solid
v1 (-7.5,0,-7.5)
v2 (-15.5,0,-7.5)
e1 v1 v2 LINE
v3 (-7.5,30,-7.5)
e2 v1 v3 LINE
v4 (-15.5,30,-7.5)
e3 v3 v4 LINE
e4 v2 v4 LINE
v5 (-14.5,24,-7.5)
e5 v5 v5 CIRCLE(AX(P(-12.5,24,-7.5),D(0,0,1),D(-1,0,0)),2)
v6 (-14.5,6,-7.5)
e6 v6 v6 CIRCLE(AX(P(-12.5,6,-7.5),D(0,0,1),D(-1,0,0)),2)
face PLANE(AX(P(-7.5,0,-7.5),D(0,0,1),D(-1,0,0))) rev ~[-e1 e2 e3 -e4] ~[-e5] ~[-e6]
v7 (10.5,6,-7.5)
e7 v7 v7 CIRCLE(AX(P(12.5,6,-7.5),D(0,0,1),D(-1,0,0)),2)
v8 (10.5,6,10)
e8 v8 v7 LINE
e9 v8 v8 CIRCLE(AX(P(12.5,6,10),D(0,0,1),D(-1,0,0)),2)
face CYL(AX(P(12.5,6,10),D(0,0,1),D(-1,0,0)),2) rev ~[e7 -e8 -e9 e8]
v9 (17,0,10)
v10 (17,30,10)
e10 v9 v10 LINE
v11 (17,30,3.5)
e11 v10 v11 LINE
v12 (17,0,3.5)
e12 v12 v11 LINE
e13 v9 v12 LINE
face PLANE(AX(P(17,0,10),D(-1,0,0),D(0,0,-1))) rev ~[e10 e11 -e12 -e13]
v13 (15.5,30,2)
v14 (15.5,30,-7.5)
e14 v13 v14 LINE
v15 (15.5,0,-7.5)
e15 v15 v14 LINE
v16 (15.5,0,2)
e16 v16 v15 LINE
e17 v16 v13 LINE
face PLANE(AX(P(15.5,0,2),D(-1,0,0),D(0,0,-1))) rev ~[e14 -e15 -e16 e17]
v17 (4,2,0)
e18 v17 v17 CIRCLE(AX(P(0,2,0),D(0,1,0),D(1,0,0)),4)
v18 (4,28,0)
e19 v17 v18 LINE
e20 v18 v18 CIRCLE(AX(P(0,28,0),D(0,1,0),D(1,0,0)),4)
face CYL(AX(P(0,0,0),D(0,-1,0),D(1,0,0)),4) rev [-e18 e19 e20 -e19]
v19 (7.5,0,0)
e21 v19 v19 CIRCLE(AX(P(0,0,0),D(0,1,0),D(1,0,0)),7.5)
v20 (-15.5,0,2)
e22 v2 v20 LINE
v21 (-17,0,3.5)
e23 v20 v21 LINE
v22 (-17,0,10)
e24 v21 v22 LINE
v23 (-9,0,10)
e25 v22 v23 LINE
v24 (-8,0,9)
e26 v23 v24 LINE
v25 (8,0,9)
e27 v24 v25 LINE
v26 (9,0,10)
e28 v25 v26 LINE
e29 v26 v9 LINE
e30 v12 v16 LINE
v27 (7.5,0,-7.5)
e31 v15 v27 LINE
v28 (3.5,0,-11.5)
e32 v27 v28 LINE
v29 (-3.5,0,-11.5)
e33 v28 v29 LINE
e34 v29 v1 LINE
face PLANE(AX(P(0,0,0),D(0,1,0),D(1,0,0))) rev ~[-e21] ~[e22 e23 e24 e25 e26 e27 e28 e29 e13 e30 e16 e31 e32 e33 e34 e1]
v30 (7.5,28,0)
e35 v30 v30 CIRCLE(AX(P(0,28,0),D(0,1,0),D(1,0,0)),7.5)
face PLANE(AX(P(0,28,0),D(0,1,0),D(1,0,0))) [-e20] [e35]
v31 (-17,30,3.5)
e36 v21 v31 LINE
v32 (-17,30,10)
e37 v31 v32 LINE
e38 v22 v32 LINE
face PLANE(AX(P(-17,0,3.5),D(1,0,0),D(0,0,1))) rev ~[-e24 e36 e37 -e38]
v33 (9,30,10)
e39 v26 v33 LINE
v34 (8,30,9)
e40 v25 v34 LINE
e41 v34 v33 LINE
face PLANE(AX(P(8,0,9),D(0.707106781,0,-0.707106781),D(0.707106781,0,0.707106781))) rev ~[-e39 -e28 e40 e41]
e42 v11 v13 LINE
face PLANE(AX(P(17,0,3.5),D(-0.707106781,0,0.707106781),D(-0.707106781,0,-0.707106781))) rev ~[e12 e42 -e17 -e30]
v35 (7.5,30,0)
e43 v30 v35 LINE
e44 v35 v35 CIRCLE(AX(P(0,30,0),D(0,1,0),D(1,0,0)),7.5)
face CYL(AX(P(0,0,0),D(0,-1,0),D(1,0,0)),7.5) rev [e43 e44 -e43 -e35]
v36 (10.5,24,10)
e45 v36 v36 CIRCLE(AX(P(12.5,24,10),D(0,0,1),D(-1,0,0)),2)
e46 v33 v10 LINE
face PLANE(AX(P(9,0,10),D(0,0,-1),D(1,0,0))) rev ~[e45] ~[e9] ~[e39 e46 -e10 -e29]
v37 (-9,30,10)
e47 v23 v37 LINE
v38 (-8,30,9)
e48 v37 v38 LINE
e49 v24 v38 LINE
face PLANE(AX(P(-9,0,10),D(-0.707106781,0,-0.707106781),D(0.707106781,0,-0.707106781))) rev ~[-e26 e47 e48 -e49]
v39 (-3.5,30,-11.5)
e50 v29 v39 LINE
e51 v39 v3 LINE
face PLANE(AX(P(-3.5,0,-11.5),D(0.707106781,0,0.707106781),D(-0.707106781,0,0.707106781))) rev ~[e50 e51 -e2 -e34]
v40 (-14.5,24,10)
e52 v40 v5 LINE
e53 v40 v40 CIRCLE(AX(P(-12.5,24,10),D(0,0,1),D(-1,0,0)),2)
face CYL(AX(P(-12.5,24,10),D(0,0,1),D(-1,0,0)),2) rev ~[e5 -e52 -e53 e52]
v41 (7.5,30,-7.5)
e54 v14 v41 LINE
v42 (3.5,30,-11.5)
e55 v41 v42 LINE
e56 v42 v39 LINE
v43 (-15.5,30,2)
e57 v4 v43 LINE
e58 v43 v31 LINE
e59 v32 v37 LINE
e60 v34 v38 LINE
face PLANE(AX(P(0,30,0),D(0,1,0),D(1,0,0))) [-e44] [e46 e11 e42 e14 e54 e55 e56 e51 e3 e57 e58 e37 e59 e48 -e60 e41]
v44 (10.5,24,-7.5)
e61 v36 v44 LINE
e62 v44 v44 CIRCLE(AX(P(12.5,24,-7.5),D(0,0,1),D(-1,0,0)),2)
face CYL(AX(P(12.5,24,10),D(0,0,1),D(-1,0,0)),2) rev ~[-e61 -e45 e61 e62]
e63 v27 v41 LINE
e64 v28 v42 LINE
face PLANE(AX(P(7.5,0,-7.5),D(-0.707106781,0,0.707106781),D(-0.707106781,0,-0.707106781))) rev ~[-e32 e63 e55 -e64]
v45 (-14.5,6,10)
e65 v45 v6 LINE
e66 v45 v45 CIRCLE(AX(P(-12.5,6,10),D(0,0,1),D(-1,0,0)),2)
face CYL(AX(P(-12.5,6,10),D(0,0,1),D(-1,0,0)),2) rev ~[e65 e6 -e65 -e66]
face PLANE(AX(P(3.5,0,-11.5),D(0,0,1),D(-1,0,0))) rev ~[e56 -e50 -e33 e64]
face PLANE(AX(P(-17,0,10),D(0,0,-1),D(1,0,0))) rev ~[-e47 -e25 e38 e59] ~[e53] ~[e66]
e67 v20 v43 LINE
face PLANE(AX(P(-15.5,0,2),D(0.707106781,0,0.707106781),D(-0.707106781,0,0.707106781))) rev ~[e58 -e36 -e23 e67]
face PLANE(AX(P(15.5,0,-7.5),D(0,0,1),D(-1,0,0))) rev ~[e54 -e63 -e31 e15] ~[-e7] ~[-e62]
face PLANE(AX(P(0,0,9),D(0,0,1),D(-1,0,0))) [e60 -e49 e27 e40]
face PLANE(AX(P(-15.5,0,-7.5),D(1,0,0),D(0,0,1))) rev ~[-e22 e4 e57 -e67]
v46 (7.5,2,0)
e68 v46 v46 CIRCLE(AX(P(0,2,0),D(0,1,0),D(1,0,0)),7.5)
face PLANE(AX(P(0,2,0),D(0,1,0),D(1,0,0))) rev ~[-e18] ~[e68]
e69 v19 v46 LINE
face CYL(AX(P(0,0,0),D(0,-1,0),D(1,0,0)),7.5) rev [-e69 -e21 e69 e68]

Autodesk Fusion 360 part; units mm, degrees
sketch "Front" plane through (0, 0, 0) normal (0, 1, 0) x (1, 0, 0)
  circle A0 centre (0, 0) radius 4
  circle A1 centre (0, 0) radius 7.5
  line L0 (0, 0) -> (0, -15) construction
  line L1 (-18.6476, -9) -> (-14.6519, -9) construction
  line L2 (-14.6519, -9) -> (18.8366, -9) construction
  line L3 (-17, -10) -> (18.8681, -10) construction
  line L4 (-15, 7.5) -> (15, 7.5) construction
  line L5 (-15, 11.5) -> (15, 11.5) construction
  line L6 (0, -9) -> (8, -9)
  line L7 (8, -9) -> (9, -10)
  line L8 (9, -10) -> (17, -10)
  line L9 (17, -10) -> (17, -3.5)
  line L10 (17, -3.5) -> (15.5, -2)
  line L11 (15.5, -2) -> (15.5, 7.5)
  line L12 (7.5, 7.5) -> (3.5, 11.5)
  line L13 (-3.5, 11.5) -> (-7.5, 7.5)
  line L14 (-15.5, 7.5) -> (-15.5, -2)
  line L15 (-15.5, -2) -> (-17, -3.5)
  line L16 (-17, -3.5) -> (-17, -10)
  line L17 (-9, -10) -> (-8, -9)
  line L18 (0, -9) -> (-8, -9)
  line L19 (-17, -10) -> (-9, -10)
  line L20 (-7.5, 7.5) -> (-15.5, 7.5)
  line L21 (15.5, 7.5) -> (7.5, 7.5)
  line L22 (3.5, 11.5) -> (-3.5, 11.5)
  dimension "d1" = 8
  dimension "d2" = 15
  dimension "d5" = 9
  dimension "d6" = 10
  dimension "d7" = 7.5
  dimension "d8" = 11.5
  dimension "d9" = 15.5
  dimension "d10" = 15.5
  dimension "d11" = 1.5
  dimension "d12" = 1.5
  dimension "d13" = 1.5
  dimension "d14" = 1.5
  dimension "d15" = 16
  dimension "d16" = 4
  dimension "d17" = 4
  dimension "d18" = 6.5
  dimension "d19" = 9.5
  dimension "d20" = 8
  dimension "d21" = 8
  dimension "d22" = 1
extrude "Extrude1" add sketch "Front" along normal blind 30 contours L6 L7 L8 L9 L10 L11 L12 L13 L14 L15 L16 L17 L18 L19 L20 L21 L22
extrude "Extrude2" add sketch "Front" along normal blind 28 contours A1
extrude "Extrude3" cut sketch "Front" along normal blind 2 contours A1
sketch "Top" plane through (0, 0, 10) normal (0, 0, 1) x (-1, 0, 0)
  line L0 (17, 0) -> (9, 0)
  line L1 (9, 0) -> (9, -30)
  line L2 (9, -30) -> (17, -30)
  line L3 (17, -30) -> (17, 0)
  line L4 (17, -30) -> (-17, 0) construction
  line L5 (-17, -30) -> (17, 0) construction
  line L6 (-12.5, -24) -> (12.5, -24) construction
  line L7 (12.5, -24) -> (12.5, -6) construction
  line L8 (12.5, -6) -> (-12.5, -6) construction
  line L9 (-12.5, -6) -> (-12.5, -24) construction
  line L10 (-12.5, -24) -> (12.5, -6) construction
  line L11 (12.5, -24) -> (-12.5, -6) construction
  circle A0 centre (12.5, -24) radius 2
  circle A1 centre (-12.5, -24) radius 2
  circle A2 centre (-12.5, -6) radius 2
  circle A3 centre (12.5, -6) radius 2
  point P0 (0, -15)
  dimension "d29" = 25
  dimension "d30" = 18
  dimension "d31" = 4
  dimension "d32" = 4
  dimension "d33" = 4
  dimension "d34" = 4
extrude "Extrude4" cut sketch "Top" against normal blind 27 contours A0 | A1 | A2 | A3
